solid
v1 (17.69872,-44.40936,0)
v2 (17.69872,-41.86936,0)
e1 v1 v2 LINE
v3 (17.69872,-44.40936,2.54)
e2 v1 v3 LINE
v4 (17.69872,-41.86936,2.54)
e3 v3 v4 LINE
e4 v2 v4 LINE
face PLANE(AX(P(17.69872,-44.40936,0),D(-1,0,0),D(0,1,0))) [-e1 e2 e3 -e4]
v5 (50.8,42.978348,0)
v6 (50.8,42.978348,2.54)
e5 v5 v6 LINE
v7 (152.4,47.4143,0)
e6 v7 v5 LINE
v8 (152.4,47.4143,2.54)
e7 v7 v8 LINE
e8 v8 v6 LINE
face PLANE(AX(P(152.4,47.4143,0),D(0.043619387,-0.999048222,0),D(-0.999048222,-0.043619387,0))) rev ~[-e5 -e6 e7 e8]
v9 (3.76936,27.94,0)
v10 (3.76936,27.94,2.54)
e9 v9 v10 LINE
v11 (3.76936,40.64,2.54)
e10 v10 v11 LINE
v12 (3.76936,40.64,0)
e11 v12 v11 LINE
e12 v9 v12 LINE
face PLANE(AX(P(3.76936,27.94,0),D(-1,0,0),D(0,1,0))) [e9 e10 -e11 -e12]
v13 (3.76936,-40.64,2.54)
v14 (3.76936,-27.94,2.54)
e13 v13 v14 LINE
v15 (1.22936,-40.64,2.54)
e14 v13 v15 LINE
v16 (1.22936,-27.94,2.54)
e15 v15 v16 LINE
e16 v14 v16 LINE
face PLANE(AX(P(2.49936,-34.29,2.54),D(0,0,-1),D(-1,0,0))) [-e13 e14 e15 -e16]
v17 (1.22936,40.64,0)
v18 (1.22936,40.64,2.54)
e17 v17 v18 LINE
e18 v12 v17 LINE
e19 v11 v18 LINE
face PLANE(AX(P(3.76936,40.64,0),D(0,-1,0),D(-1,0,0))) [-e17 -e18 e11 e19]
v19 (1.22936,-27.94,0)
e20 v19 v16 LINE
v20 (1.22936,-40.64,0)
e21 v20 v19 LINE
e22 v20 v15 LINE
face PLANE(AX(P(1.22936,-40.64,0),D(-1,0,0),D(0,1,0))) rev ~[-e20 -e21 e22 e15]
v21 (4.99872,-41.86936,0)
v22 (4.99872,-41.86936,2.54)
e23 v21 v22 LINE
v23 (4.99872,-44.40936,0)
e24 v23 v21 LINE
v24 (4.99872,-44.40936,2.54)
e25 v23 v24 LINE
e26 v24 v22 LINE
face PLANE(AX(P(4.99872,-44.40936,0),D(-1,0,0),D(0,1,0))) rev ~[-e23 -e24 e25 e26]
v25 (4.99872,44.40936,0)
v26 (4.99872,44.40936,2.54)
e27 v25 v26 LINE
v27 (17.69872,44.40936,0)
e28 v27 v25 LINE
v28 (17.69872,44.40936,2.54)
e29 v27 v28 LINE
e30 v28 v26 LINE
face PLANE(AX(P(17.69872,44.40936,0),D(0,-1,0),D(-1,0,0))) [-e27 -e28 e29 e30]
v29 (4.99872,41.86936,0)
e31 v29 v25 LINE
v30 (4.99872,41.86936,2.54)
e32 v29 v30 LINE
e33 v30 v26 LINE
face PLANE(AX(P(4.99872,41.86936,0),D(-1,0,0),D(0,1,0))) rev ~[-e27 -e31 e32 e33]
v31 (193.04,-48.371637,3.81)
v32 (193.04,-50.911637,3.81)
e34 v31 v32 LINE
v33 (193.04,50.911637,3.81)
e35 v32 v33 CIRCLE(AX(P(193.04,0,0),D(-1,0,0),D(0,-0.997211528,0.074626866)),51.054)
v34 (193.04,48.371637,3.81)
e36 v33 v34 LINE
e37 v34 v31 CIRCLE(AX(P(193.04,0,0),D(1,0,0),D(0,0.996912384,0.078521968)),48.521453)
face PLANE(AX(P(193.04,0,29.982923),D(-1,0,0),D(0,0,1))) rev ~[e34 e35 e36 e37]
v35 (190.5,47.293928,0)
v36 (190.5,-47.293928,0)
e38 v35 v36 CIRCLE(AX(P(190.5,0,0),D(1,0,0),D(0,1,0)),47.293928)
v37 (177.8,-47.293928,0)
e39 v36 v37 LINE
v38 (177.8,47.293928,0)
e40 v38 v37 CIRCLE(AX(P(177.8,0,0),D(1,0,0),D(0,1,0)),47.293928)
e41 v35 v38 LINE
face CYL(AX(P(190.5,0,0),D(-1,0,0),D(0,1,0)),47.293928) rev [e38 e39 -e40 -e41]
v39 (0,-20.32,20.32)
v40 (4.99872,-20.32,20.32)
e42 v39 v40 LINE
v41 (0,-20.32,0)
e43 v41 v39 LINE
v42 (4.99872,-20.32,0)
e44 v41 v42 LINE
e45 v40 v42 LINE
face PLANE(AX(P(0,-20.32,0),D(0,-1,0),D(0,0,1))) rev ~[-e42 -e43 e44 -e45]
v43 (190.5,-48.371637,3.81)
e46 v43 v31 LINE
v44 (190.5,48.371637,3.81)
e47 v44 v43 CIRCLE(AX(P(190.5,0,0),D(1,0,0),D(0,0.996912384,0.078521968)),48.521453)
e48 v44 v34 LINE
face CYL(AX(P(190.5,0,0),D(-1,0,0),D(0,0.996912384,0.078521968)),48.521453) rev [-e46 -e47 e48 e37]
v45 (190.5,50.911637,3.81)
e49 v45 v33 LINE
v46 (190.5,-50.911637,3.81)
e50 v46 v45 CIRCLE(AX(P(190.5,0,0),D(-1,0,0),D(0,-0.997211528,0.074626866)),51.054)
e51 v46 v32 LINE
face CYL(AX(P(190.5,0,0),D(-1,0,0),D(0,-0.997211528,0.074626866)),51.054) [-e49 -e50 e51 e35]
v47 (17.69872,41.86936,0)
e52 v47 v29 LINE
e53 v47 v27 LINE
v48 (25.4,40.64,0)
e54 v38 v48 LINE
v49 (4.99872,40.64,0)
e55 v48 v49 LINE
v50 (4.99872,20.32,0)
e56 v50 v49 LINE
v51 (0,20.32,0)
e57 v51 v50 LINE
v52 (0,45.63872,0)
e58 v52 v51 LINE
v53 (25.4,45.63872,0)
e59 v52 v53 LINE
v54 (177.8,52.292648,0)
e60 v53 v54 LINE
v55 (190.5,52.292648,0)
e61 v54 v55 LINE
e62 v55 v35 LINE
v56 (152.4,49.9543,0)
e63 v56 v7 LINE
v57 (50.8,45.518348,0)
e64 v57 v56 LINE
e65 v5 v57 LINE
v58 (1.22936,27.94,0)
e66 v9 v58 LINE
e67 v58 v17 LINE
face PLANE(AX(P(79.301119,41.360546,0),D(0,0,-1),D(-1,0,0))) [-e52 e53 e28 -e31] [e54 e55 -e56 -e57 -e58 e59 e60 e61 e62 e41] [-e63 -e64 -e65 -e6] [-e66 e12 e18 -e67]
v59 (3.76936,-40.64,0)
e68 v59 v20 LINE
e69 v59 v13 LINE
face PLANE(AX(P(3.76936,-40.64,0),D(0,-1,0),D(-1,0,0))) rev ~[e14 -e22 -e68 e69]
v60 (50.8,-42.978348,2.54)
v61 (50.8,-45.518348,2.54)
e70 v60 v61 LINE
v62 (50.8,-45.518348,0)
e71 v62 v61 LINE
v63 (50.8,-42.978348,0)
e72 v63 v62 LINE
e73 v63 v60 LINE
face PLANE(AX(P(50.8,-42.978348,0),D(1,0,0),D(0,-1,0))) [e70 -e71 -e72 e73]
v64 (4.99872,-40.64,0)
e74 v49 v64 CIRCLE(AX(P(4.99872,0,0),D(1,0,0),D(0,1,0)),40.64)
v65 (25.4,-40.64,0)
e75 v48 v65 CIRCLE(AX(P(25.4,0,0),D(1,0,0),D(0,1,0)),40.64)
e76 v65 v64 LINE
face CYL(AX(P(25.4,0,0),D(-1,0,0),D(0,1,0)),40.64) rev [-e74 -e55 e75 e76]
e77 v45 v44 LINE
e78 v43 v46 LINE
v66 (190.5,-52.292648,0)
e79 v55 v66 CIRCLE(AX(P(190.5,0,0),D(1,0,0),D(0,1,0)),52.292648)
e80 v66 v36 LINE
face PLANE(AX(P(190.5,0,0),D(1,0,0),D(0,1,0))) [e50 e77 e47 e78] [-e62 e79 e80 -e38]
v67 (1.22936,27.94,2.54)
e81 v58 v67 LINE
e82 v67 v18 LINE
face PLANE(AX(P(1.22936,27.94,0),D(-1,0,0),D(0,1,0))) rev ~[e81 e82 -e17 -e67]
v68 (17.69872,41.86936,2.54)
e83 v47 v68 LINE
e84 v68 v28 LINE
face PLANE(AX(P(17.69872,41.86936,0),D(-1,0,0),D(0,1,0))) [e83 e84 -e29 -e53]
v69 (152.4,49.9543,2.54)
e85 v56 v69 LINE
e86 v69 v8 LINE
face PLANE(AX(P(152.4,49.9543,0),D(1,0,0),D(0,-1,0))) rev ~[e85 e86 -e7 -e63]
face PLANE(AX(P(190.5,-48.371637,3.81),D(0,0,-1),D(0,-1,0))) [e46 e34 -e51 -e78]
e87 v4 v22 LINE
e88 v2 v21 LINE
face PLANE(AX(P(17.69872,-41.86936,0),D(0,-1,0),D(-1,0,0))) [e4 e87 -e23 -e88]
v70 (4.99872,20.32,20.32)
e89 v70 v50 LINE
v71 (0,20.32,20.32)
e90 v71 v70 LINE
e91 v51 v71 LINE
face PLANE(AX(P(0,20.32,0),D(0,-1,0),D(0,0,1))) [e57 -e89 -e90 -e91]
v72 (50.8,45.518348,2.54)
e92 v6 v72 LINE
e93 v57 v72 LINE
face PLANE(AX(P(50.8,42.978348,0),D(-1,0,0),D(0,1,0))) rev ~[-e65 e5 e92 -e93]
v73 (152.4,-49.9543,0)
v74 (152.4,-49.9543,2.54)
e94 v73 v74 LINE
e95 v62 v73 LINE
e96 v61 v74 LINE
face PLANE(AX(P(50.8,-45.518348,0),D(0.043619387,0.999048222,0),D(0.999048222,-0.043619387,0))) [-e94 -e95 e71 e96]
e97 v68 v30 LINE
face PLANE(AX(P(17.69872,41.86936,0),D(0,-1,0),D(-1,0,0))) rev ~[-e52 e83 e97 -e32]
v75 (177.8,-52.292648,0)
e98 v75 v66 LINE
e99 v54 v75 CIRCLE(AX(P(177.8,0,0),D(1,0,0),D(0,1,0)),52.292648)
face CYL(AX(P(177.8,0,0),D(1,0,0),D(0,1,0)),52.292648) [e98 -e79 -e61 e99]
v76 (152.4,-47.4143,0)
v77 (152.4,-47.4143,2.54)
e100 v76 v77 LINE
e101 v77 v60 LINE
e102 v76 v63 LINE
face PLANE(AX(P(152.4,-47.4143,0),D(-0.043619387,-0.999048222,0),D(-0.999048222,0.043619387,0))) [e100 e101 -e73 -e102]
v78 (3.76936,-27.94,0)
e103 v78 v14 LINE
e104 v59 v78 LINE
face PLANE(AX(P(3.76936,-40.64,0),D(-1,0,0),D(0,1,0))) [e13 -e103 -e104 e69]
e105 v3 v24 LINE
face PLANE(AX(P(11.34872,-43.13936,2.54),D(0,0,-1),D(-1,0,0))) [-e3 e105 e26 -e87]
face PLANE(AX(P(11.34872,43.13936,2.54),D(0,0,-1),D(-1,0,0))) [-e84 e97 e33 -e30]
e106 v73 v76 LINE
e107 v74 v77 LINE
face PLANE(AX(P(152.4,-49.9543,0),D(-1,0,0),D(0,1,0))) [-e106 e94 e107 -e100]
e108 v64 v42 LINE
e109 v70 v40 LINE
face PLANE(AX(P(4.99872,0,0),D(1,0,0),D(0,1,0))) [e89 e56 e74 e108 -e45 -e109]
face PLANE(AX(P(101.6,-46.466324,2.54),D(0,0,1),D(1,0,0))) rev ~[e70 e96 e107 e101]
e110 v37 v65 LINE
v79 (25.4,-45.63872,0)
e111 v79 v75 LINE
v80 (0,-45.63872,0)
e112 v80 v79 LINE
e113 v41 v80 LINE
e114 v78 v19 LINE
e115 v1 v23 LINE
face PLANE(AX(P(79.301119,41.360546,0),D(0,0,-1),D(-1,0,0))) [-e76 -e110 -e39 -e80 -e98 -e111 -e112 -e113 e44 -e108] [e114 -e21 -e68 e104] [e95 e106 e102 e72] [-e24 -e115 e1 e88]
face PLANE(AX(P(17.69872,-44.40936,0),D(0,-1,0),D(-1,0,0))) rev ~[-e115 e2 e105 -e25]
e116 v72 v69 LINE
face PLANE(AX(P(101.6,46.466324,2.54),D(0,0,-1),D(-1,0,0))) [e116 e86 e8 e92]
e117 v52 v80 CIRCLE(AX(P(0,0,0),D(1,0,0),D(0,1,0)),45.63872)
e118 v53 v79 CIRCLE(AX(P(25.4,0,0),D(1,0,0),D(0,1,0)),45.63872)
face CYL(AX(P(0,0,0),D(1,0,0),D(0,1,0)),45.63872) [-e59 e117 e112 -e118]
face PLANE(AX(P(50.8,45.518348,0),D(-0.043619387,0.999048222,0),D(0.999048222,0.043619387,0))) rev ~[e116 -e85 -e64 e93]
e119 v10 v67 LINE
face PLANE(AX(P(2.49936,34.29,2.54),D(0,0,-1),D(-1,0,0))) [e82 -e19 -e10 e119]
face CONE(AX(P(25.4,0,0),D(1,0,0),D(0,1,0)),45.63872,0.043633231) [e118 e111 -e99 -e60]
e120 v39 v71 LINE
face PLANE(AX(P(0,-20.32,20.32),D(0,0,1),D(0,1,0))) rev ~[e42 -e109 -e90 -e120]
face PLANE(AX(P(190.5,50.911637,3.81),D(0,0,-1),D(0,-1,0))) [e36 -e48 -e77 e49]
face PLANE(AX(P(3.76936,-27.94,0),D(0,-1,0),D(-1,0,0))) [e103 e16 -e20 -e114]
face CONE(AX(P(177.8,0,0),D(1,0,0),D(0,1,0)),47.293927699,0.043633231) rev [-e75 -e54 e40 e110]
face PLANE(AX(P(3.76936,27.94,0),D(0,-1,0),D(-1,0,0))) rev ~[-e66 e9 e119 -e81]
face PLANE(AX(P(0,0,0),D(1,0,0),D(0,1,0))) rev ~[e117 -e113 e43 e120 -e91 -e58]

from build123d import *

# Parameters (mm, degrees)
REVOLVE2_ANGLE      = 180
SKETCH4_W           = 20.32
SKETCH4_H           = 20.32
CUT_EXTRUDE2_DEPTH  = 32.004
BOSS_EXTRUDE2_DEPTH = 2.54
SKETCH5_W           = 2.54
SKETCH5_H           = 12.7
SKETCH5_W_2         = 12.7
SKETCH5_H_2         = 2.54
CUT_EXTRUDE3_DEPTH  = 2.54


with BuildPart() as part:
    # Sketch2 → Revolve2 (revolve)
    with BuildSketch(Plane.XY):
        Polygon((0, 0), (0, 40.64), (0, 45.63872), (25.4, 45.63872), (177.8, 52.292647699), (190.5, 52.292647699), (190.5, 47.293927699), (177.8, 47.293927699), (25.4, 40.64), (4.99872, 40.64), (4.99872, 0), align=None)
    revolve(axis=Axis((0, 0, 0), (1, 0, 0)), revolution_arc=REVOLVE2_ANGLE)

    # Sketch4 → Cut-Extrude2 (cut)
    with BuildSketch(Plane.ZY):
        with Locations((10.16, 10.16)):
            Rectangle(SKETCH4_W, SKETCH4_H)
        with Locations((10.16, -10.16)):
            Rectangle(SKETCH4_W, SKETCH4_H)
    extrude(amount=-CUT_EXTRUDE2_DEPTH, mode=Mode.SUBTRACT)

    # Sketch6 → Boss-Extrude2 (add)
    with BuildSketch(Plane(origin=(190.5, 0, 0), x_dir=(0, 0, -1), z_dir=(1, 0, 0))):
        with BuildLine():
            Line((-3.81, 50.911637334), (-3.81, 48.371637334))
            ThreePointArc((-3.81, 48.371637334), (-48.52145297, 0), (-3.81, -48.371637334))
            Line((-3.81, -48.371637334), (-3.81, -50.911637334))
            ThreePointArc((-3.81, -50.911637334), (-51.054, 0), (-3.81, 50.911637334))
        make_face()
    extrude(amount=BOSS_EXTRUDE2_DEPTH)

    # Sketch5 → Cut-Extrude3 (cut)
    with BuildSketch(Plane(origin=(0, 0, 0), x_dir=(-1, 0, 0), z_dir=(0, 0, -1))):
        with Locations((-2.49936, 34.29)):
            Rectangle(SKETCH5_W, SKETCH5_H)
        Polygon((-152.4, 49.954299749), (-152.4, 47.414299749), (-50.8, 42.97834795), (-50.8, 45.51834795), align=None)
        with Locations((-11.34872, 43.13936)):
            Rectangle(SKETCH5_W_2, SKETCH5_H_2)
        Polygon((-50.8, -42.97834795), (-50.8, -45.51834795), (-152.4, -49.954299749), (-152.4, -47.414299749), align=None)
        with Locations((-11.34872, -43.13936)):
            Rectangle(SKETCH5_W_2, SKETCH5_H_2)
        with Locations((-2.49936, -34.29)):
            Rectangle(SKETCH5_W, SKETCH5_H)
    extrude(amount=-CUT_EXTRUDE3_DEPTH, mode=Mode.SUBTRACT)


solid = part.part
